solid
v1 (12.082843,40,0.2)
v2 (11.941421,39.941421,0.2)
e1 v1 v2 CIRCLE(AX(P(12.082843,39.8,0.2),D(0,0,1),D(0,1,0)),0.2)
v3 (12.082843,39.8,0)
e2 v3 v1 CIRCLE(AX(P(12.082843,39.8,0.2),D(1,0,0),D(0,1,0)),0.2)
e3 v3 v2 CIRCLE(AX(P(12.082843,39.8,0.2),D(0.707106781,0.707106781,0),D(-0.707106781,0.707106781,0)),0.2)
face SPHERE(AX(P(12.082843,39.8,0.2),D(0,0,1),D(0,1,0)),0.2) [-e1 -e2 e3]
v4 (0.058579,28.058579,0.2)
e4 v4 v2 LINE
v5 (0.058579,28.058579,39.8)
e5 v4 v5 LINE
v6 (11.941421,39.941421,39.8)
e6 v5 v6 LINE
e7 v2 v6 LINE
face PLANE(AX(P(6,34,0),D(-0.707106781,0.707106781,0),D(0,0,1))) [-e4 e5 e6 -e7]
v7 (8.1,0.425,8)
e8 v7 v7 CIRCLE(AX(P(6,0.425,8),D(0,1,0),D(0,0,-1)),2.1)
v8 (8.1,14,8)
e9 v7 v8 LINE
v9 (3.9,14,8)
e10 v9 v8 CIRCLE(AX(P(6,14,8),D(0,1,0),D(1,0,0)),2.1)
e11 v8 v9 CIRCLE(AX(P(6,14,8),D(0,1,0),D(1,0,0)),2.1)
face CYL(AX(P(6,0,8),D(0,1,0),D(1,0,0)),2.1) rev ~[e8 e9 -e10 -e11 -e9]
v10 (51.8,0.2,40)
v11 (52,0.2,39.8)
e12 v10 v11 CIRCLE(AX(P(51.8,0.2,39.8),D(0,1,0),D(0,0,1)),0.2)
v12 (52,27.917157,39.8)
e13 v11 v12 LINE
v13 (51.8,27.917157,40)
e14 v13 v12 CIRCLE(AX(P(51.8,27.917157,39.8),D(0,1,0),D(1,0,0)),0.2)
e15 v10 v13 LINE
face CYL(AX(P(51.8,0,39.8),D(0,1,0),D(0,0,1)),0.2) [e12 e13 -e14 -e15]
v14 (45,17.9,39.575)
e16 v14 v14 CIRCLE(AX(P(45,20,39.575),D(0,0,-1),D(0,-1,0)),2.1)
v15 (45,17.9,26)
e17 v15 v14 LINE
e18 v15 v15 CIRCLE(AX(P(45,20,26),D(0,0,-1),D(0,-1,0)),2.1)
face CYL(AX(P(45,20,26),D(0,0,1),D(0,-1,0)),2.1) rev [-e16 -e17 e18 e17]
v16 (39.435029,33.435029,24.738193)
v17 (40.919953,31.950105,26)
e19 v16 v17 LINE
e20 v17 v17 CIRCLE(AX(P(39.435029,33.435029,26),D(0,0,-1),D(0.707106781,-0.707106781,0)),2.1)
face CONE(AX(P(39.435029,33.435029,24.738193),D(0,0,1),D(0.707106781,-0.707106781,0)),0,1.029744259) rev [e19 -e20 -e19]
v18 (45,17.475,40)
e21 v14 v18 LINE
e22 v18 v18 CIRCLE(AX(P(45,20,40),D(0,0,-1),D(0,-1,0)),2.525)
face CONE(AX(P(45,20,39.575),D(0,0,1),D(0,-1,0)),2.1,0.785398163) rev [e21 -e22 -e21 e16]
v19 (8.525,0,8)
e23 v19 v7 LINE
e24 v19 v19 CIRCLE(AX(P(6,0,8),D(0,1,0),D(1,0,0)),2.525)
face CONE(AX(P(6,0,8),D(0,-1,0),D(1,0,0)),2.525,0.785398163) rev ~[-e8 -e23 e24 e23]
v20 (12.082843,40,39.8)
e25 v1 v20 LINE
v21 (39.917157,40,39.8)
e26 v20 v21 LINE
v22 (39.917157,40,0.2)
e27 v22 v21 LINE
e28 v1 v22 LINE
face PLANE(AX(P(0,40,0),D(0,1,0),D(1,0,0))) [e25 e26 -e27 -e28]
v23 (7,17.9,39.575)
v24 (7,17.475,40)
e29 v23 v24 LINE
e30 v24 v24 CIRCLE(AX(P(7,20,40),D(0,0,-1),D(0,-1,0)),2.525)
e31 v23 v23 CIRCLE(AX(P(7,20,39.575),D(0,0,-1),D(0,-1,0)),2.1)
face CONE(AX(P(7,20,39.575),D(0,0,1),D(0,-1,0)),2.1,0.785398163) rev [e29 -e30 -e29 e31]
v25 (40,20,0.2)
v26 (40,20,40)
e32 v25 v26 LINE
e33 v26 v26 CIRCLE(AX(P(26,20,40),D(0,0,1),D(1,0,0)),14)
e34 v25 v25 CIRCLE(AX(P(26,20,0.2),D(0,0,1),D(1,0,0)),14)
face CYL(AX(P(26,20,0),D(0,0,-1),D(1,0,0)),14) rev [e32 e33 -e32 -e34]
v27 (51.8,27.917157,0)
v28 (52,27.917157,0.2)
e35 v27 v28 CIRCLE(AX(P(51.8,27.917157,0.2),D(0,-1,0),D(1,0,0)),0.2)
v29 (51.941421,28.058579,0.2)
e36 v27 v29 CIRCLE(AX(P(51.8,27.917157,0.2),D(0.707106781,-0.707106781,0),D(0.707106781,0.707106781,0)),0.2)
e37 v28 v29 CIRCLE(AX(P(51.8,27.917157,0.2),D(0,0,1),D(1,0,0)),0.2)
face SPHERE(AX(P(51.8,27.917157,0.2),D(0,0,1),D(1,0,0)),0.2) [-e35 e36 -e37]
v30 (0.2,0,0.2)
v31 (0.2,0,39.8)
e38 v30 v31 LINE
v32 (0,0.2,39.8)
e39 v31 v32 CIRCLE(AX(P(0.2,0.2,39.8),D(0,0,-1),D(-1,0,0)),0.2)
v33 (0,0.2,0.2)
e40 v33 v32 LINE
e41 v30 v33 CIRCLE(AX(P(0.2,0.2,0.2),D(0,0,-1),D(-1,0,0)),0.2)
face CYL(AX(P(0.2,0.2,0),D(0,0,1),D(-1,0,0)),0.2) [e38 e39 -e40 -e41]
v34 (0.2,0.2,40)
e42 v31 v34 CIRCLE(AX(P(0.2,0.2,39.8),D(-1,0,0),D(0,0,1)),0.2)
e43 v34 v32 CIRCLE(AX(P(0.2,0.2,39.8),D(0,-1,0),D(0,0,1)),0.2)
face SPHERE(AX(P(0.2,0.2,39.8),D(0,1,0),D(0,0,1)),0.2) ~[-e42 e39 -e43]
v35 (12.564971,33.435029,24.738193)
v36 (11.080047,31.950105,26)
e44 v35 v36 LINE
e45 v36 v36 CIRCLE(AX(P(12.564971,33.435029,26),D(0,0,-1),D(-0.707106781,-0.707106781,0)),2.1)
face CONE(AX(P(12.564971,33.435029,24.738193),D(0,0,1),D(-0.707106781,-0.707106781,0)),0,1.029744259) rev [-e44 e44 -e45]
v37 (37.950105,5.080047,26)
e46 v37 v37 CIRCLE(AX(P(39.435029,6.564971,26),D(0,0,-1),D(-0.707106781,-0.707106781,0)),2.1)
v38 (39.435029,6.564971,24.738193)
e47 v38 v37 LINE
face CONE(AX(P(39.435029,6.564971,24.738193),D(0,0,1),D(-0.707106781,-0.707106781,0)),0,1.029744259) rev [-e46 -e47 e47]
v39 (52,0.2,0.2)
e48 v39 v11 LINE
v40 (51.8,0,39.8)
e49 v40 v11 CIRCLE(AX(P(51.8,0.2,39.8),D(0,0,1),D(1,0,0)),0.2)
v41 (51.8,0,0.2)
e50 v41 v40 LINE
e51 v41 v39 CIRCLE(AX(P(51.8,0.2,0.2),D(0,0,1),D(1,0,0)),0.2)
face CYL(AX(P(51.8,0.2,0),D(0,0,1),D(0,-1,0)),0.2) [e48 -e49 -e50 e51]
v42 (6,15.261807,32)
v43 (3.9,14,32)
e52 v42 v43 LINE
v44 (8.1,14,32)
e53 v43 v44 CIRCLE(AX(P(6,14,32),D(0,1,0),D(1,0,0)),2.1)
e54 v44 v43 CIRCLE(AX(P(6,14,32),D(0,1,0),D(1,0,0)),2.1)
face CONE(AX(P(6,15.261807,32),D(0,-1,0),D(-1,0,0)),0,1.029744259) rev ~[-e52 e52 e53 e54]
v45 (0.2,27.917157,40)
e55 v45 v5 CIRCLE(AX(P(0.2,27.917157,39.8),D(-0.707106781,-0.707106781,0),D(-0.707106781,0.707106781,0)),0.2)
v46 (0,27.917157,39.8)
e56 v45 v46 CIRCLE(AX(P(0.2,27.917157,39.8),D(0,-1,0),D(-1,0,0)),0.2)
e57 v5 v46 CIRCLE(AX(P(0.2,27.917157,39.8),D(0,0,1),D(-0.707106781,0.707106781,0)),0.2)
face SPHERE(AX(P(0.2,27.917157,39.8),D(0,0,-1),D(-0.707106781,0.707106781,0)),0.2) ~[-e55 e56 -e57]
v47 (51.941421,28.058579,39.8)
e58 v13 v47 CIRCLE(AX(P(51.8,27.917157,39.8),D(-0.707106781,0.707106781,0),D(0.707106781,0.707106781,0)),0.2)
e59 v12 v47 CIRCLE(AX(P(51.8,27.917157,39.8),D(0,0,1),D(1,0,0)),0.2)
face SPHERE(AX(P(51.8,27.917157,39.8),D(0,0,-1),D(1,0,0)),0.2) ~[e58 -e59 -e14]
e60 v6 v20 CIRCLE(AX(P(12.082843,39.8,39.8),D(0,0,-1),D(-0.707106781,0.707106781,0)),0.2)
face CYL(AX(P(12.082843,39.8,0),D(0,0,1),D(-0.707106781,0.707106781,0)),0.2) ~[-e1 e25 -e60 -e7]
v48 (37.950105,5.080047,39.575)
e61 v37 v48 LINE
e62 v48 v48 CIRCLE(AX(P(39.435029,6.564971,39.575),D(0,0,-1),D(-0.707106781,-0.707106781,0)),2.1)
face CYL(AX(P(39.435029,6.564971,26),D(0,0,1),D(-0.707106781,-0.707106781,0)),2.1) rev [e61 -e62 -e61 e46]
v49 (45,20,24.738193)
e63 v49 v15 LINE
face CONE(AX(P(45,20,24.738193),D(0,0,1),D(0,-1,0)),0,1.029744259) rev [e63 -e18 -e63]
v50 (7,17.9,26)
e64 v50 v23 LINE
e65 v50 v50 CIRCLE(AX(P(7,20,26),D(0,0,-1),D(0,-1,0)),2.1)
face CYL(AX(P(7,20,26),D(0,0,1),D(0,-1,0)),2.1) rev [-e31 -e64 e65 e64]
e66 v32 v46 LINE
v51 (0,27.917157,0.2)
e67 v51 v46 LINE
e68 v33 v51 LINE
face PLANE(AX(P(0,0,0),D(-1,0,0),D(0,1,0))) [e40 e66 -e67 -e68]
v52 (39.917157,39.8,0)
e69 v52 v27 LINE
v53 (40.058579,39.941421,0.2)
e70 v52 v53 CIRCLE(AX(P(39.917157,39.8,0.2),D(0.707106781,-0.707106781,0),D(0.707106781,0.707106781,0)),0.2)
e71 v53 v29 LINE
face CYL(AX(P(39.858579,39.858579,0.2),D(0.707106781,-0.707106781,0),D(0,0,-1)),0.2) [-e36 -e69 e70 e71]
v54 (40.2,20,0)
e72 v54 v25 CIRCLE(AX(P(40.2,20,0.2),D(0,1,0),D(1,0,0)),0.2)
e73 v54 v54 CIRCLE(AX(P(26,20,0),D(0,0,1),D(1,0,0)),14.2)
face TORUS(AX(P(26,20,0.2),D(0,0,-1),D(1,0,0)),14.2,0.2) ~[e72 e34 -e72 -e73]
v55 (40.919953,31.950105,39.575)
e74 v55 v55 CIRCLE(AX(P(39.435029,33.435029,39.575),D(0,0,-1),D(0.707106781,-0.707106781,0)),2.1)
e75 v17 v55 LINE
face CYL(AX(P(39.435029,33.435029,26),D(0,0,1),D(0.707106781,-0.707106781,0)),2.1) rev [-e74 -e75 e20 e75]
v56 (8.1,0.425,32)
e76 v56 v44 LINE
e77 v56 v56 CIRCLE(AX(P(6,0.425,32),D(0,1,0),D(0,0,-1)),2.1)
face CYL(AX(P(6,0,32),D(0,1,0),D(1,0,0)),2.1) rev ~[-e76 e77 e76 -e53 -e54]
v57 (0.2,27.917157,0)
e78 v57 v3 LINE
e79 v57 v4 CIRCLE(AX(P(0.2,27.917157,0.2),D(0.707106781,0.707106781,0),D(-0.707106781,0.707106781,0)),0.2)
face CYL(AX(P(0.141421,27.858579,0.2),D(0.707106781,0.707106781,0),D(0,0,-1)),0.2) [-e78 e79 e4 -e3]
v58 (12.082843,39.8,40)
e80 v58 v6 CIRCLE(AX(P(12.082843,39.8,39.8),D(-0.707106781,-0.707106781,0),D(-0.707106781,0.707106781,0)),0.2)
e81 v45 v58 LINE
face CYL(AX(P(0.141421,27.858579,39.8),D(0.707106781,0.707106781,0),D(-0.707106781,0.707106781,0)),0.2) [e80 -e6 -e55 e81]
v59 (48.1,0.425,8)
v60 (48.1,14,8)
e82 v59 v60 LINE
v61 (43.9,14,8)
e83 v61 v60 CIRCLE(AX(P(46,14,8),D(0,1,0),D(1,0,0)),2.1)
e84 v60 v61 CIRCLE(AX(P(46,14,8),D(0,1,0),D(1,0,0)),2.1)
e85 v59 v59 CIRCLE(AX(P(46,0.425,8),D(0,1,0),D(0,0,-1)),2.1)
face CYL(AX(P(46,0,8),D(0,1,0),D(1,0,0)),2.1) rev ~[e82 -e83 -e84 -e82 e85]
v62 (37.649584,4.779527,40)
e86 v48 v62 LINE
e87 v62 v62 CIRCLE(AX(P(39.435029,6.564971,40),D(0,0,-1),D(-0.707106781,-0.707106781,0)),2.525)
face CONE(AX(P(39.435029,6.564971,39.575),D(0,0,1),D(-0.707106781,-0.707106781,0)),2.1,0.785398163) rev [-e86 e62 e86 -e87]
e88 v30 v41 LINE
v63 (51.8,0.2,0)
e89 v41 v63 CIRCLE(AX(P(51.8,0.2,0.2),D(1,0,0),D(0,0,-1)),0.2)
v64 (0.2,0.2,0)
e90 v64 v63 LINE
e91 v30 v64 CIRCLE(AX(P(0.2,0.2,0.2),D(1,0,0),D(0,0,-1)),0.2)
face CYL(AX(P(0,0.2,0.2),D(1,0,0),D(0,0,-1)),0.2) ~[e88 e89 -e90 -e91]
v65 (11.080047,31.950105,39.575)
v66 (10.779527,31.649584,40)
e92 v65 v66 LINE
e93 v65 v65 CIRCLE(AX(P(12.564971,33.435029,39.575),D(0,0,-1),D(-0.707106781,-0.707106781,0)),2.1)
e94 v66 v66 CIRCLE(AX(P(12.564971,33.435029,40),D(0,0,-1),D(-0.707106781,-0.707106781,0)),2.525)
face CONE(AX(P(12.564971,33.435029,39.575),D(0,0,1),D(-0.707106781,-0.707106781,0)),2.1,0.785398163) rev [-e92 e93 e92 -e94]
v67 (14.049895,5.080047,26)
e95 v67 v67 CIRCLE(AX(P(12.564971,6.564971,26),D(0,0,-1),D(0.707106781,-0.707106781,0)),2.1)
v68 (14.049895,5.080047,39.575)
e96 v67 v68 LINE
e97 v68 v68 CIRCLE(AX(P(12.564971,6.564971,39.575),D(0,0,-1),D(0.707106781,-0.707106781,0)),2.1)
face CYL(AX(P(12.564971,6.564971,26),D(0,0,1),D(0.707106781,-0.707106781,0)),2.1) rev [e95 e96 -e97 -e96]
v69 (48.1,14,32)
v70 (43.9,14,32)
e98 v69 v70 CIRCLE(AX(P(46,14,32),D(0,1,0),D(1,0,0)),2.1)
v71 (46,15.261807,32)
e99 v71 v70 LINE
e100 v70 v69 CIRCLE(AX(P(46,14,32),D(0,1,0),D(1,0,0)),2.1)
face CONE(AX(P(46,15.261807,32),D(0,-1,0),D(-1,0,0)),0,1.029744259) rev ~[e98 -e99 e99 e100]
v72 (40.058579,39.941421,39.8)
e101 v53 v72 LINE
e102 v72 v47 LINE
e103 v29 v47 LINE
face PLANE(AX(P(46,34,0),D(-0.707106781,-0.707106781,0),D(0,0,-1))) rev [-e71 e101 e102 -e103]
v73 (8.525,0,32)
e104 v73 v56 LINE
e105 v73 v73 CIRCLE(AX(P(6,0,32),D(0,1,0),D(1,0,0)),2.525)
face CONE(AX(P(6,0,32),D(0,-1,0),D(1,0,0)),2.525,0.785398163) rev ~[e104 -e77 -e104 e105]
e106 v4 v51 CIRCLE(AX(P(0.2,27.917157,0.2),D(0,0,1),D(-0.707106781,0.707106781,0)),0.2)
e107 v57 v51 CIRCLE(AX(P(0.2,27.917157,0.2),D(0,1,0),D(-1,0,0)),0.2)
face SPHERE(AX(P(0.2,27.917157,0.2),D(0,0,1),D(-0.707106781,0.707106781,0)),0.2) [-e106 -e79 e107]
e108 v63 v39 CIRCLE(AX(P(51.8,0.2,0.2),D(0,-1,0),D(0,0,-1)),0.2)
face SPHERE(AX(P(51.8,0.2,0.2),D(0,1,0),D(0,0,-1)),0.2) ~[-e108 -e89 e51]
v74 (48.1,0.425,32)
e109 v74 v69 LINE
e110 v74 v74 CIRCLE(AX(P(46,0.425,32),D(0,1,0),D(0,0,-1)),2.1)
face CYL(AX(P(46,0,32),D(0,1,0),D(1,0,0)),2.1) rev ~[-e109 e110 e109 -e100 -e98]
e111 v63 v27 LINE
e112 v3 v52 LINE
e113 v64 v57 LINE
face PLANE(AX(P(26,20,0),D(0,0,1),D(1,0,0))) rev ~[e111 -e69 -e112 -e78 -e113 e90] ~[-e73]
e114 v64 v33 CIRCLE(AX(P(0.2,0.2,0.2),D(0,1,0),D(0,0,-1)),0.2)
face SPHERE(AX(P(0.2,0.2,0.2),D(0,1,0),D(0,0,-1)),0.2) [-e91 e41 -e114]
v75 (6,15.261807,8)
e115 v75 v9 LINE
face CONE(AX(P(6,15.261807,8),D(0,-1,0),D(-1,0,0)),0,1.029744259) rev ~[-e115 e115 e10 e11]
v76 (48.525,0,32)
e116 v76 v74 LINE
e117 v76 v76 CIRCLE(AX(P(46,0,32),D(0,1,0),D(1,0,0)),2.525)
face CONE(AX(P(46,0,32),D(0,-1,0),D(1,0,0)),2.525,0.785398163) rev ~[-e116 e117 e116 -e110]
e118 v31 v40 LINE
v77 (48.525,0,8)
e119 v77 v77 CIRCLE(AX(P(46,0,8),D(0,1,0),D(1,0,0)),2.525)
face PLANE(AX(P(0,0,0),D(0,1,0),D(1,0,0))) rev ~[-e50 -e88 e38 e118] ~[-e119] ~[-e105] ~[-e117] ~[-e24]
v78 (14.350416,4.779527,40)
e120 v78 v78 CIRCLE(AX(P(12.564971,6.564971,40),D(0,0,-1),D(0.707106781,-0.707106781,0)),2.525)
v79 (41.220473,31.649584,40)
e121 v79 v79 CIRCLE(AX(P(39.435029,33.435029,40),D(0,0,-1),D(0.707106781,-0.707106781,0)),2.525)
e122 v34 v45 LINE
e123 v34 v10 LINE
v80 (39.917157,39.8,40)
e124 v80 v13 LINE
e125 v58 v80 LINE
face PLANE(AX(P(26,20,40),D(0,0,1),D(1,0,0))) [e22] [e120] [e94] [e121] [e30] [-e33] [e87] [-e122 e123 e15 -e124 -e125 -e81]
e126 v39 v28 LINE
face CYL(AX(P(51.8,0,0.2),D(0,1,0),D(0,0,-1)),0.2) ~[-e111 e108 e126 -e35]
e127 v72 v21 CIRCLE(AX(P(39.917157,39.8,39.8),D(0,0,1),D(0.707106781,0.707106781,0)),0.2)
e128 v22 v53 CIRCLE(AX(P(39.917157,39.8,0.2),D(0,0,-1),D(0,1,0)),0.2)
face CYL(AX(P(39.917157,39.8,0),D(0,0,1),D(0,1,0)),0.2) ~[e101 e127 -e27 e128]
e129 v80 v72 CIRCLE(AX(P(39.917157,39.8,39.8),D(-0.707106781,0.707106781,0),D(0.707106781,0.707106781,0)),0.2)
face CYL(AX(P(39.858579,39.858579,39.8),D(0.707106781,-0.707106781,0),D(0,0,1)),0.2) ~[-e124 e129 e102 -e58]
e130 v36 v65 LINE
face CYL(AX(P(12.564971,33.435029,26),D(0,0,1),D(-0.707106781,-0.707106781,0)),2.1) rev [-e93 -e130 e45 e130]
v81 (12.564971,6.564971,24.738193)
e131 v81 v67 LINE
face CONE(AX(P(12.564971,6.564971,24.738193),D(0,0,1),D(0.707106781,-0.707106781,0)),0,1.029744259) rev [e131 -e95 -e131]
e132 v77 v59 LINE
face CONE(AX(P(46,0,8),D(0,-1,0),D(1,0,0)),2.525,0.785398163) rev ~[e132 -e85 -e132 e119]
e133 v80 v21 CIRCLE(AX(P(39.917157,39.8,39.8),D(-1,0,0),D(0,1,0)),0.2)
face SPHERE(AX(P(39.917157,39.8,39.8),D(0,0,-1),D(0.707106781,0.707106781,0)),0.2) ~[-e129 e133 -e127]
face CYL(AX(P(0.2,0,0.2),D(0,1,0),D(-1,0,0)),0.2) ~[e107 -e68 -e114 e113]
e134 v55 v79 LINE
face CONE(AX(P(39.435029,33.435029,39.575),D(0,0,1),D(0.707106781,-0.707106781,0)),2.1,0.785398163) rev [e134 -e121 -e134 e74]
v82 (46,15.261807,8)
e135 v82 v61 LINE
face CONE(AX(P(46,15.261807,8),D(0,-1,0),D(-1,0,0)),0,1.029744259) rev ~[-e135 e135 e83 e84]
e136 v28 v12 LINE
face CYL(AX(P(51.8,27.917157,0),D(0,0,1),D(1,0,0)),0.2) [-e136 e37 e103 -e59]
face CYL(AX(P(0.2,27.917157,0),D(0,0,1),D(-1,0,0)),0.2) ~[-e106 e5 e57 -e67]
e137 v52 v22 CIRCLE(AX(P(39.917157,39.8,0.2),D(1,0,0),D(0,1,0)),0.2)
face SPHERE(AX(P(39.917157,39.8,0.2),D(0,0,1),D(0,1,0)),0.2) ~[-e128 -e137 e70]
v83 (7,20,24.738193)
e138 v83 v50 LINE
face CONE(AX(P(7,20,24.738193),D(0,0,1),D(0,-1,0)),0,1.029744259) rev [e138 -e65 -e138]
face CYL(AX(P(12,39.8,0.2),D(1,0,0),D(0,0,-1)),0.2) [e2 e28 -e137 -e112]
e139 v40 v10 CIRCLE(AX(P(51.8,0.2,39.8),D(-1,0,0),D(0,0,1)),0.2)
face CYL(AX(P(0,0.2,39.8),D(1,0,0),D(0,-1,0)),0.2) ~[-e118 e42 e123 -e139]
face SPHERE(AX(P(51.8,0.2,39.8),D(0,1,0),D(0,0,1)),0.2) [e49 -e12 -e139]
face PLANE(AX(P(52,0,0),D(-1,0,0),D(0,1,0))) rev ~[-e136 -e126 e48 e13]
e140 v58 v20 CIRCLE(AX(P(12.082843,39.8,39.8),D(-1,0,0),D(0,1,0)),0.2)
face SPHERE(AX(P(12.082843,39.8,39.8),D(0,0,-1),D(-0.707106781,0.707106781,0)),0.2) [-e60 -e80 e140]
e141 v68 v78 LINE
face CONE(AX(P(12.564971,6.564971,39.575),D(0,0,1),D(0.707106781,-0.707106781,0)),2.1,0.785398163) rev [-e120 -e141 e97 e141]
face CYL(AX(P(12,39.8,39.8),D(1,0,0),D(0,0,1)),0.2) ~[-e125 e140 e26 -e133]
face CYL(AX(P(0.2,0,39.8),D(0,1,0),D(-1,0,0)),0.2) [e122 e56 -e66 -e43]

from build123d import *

# Parameters (mm, degrees)
ESQUISSE1_W              = 52
ESQUISSE1_H              = 40
ESQUISSE1_R              = 14
BOSS_EXTRU_1_DEPTH       = 40
CHANFREIN1_SIZE          = 12
CONG_1_R                 = 0.2
M5X0_81_D                = 4.2
M5X0_81_DEPTH            = 14
M5X0_81_CSINK_D          = 5.05
M5X0_81_CSINK_ANGLE      = 90
M5X0_81_TIP              = 1.2618073
M5X0_82_AT_2_COUNT       = 2
M5X0_82_AT_2_PITCH       = 38
PATTERN_CIRCULAR_1_COUNT = 2
PATTERN_CIRCULAR_1_ANGLE = 45
PATTERN_CIRCULAR_2_COUNT = 2
PATTERN_CIRCULAR_2_ANGLE = 315


with BuildPart() as part:
    # Esquisse1 → Boss.-Extru.1 (new body)
    with BuildSketch(Plane.XY):
        with Locations((26, 20)):
            Rectangle(ESQUISSE1_W, ESQUISSE1_H)
        with Locations((26, 20)):
            Circle(ESQUISSE1_R, mode=Mode.SUBTRACT)
    extrude(amount=BOSS_EXTRU_1_DEPTH)

    # Chanfrein1
    chanfrein1_edges = [part.edges().sort_by_distance(p)[0] for p in [
        (0, 40, 20),
        (52, 40, 20),
    ]]
    chamfer(chanfrein1_edges, length=CHANFREIN1_SIZE)

    # Congé1
    cong_1_edges = [part.edges().sort_by_distance(p)[0] for p in [
        (52, 14, 0),
        (46, 34, 0),
        (26, 40, 0),
        (6, 34, 0),
        (0, 14, 0),
        (52, 28, 20),
        (40, 40, 20),
        (12, 40, 20),
        (0, 28, 20),
        (6, 34, 40),
        (26, 40, 40),
        (46, 34, 40),
        (52, 14, 40),
        (52, 0, 20),
        (26, 0, 0),
        (0, 14, 40),
        (0, 0, 20),
        (26, 0, 40),
        (12, 20, 0),
    ]]
    fillet(cong_1_edges, radius=CONG_1_R)

    # Отверстие обработанное метчиком M5x0.81
    with Locations(Plane(origin=(0, 0, 0), x_dir=(-1, 0, 0), z_dir=(0, -1, 0))):
        with Locations((-6, -32), (-46, -32), (-46, -8), (-6, -8)):
            CounterSinkHole(M5X0_81_D / 2, M5X0_81_CSINK_D / 2, depth=M5X0_81_DEPTH, counter_sink_angle=M5X0_81_CSINK_ANGLE)
            with Locations((0, 0, -(M5X0_81_DEPTH + M5X0_81_TIP / 2))):  # 118° drill point
                Cone(0, M5X0_81_D / 2, M5X0_81_TIP, mode=Mode.SUBTRACT)

    # Эскиз6 → Отверстие обработанное метчиком M5x0.82 (revolve, cut)
    with BuildSketch(Plane(origin=(7, 20, 40), x_dir=(0, -1, 0), z_dir=(1, 0, 0))):
        Polygon((0, 0), (0, 15.2618073), (2.1, 14), (2.1, 0.425), (2.525, 0), align=None)
    m5x0_82 = revolve(axis=Axis((7, 20, 46.35), (0, 0, -1)), mode=Mode.SUBTRACT)

    # Отверстие обработанное метчиком M5x0.82 at 2: Отверстие обработанное метчиком M5x0.82 ×2
    with Locations(*[(i * M5X0_82_AT_2_PITCH, 0, 0) for i in range(1, M5X0_82_AT_2_COUNT)]):
        add(m5x0_82, mode=Mode.SUBTRACT)

    # Круговой массив1: Отверстие обработанное метчиком M5x0.82 ×2 about axis
    pattern_circular_1_axis = Axis((26, 20, 40), (0, 0, 1))
    for i in range(1, PATTERN_CIRCULAR_1_COUNT):
        add(m5x0_82.rotate(pattern_circular_1_axis, i * PATTERN_CIRCULAR_1_ANGLE / (PATTERN_CIRCULAR_1_COUNT - 1)), mode=Mode.SUBTRACT)

    # Круговой массив1 copy 1 sketch → Круговой массив1 copy 1 (revolve, cut)
    with BuildSketch(Plane(origin=(39.435028843, 33.435028843, 40), x_dir=(0.7071067811865488, -0.7071067811865462, 0), z_dir=(0.7071067811865462, 0.7071067811865488, 0))):
        Polygon((0, 0), (0, 15.2618073), (2.1, 14), (2.1, 0.425), (2.525, 0), align=None)
    revolve(axis=Axis((39.435028843, 33.435028843, 46.35), (0, 0, -1)), mode=Mode.SUBTRACT)

    # Круговой массив2: Отверстие обработанное метчиком M5x0.82 ×2 about axis
    pattern_circular_2_axis = Axis((26, 20, 40), (0, 0, 1))
    for i in range(1, PATTERN_CIRCULAR_2_COUNT):
        add(m5x0_82.rotate(pattern_circular_2_axis, i * PATTERN_CIRCULAR_2_ANGLE / (PATTERN_CIRCULAR_2_COUNT - 1)), mode=Mode.SUBTRACT)

    # Круговой массив2 copy 1 sketch → Круговой массив2 copy 1 (revolve, cut)
    with BuildSketch(Plane(origin=(39.435028843, 6.564971157, 40), x_dir=(-0.7071067811865389, -0.7071067811865561, 0), z_dir=(0.7071067811865561, -0.7071067811865389, 0))):
        Polygon((0, 0), (0, 15.2618073), (2.1, 14), (2.1, 0.425), (2.525, 0), align=None)
    revolve(axis=Axis((39.435028843, 6.564971157, 46.35), (0, 0, -1)), mode=Mode.SUBTRACT)


solid = part.part
